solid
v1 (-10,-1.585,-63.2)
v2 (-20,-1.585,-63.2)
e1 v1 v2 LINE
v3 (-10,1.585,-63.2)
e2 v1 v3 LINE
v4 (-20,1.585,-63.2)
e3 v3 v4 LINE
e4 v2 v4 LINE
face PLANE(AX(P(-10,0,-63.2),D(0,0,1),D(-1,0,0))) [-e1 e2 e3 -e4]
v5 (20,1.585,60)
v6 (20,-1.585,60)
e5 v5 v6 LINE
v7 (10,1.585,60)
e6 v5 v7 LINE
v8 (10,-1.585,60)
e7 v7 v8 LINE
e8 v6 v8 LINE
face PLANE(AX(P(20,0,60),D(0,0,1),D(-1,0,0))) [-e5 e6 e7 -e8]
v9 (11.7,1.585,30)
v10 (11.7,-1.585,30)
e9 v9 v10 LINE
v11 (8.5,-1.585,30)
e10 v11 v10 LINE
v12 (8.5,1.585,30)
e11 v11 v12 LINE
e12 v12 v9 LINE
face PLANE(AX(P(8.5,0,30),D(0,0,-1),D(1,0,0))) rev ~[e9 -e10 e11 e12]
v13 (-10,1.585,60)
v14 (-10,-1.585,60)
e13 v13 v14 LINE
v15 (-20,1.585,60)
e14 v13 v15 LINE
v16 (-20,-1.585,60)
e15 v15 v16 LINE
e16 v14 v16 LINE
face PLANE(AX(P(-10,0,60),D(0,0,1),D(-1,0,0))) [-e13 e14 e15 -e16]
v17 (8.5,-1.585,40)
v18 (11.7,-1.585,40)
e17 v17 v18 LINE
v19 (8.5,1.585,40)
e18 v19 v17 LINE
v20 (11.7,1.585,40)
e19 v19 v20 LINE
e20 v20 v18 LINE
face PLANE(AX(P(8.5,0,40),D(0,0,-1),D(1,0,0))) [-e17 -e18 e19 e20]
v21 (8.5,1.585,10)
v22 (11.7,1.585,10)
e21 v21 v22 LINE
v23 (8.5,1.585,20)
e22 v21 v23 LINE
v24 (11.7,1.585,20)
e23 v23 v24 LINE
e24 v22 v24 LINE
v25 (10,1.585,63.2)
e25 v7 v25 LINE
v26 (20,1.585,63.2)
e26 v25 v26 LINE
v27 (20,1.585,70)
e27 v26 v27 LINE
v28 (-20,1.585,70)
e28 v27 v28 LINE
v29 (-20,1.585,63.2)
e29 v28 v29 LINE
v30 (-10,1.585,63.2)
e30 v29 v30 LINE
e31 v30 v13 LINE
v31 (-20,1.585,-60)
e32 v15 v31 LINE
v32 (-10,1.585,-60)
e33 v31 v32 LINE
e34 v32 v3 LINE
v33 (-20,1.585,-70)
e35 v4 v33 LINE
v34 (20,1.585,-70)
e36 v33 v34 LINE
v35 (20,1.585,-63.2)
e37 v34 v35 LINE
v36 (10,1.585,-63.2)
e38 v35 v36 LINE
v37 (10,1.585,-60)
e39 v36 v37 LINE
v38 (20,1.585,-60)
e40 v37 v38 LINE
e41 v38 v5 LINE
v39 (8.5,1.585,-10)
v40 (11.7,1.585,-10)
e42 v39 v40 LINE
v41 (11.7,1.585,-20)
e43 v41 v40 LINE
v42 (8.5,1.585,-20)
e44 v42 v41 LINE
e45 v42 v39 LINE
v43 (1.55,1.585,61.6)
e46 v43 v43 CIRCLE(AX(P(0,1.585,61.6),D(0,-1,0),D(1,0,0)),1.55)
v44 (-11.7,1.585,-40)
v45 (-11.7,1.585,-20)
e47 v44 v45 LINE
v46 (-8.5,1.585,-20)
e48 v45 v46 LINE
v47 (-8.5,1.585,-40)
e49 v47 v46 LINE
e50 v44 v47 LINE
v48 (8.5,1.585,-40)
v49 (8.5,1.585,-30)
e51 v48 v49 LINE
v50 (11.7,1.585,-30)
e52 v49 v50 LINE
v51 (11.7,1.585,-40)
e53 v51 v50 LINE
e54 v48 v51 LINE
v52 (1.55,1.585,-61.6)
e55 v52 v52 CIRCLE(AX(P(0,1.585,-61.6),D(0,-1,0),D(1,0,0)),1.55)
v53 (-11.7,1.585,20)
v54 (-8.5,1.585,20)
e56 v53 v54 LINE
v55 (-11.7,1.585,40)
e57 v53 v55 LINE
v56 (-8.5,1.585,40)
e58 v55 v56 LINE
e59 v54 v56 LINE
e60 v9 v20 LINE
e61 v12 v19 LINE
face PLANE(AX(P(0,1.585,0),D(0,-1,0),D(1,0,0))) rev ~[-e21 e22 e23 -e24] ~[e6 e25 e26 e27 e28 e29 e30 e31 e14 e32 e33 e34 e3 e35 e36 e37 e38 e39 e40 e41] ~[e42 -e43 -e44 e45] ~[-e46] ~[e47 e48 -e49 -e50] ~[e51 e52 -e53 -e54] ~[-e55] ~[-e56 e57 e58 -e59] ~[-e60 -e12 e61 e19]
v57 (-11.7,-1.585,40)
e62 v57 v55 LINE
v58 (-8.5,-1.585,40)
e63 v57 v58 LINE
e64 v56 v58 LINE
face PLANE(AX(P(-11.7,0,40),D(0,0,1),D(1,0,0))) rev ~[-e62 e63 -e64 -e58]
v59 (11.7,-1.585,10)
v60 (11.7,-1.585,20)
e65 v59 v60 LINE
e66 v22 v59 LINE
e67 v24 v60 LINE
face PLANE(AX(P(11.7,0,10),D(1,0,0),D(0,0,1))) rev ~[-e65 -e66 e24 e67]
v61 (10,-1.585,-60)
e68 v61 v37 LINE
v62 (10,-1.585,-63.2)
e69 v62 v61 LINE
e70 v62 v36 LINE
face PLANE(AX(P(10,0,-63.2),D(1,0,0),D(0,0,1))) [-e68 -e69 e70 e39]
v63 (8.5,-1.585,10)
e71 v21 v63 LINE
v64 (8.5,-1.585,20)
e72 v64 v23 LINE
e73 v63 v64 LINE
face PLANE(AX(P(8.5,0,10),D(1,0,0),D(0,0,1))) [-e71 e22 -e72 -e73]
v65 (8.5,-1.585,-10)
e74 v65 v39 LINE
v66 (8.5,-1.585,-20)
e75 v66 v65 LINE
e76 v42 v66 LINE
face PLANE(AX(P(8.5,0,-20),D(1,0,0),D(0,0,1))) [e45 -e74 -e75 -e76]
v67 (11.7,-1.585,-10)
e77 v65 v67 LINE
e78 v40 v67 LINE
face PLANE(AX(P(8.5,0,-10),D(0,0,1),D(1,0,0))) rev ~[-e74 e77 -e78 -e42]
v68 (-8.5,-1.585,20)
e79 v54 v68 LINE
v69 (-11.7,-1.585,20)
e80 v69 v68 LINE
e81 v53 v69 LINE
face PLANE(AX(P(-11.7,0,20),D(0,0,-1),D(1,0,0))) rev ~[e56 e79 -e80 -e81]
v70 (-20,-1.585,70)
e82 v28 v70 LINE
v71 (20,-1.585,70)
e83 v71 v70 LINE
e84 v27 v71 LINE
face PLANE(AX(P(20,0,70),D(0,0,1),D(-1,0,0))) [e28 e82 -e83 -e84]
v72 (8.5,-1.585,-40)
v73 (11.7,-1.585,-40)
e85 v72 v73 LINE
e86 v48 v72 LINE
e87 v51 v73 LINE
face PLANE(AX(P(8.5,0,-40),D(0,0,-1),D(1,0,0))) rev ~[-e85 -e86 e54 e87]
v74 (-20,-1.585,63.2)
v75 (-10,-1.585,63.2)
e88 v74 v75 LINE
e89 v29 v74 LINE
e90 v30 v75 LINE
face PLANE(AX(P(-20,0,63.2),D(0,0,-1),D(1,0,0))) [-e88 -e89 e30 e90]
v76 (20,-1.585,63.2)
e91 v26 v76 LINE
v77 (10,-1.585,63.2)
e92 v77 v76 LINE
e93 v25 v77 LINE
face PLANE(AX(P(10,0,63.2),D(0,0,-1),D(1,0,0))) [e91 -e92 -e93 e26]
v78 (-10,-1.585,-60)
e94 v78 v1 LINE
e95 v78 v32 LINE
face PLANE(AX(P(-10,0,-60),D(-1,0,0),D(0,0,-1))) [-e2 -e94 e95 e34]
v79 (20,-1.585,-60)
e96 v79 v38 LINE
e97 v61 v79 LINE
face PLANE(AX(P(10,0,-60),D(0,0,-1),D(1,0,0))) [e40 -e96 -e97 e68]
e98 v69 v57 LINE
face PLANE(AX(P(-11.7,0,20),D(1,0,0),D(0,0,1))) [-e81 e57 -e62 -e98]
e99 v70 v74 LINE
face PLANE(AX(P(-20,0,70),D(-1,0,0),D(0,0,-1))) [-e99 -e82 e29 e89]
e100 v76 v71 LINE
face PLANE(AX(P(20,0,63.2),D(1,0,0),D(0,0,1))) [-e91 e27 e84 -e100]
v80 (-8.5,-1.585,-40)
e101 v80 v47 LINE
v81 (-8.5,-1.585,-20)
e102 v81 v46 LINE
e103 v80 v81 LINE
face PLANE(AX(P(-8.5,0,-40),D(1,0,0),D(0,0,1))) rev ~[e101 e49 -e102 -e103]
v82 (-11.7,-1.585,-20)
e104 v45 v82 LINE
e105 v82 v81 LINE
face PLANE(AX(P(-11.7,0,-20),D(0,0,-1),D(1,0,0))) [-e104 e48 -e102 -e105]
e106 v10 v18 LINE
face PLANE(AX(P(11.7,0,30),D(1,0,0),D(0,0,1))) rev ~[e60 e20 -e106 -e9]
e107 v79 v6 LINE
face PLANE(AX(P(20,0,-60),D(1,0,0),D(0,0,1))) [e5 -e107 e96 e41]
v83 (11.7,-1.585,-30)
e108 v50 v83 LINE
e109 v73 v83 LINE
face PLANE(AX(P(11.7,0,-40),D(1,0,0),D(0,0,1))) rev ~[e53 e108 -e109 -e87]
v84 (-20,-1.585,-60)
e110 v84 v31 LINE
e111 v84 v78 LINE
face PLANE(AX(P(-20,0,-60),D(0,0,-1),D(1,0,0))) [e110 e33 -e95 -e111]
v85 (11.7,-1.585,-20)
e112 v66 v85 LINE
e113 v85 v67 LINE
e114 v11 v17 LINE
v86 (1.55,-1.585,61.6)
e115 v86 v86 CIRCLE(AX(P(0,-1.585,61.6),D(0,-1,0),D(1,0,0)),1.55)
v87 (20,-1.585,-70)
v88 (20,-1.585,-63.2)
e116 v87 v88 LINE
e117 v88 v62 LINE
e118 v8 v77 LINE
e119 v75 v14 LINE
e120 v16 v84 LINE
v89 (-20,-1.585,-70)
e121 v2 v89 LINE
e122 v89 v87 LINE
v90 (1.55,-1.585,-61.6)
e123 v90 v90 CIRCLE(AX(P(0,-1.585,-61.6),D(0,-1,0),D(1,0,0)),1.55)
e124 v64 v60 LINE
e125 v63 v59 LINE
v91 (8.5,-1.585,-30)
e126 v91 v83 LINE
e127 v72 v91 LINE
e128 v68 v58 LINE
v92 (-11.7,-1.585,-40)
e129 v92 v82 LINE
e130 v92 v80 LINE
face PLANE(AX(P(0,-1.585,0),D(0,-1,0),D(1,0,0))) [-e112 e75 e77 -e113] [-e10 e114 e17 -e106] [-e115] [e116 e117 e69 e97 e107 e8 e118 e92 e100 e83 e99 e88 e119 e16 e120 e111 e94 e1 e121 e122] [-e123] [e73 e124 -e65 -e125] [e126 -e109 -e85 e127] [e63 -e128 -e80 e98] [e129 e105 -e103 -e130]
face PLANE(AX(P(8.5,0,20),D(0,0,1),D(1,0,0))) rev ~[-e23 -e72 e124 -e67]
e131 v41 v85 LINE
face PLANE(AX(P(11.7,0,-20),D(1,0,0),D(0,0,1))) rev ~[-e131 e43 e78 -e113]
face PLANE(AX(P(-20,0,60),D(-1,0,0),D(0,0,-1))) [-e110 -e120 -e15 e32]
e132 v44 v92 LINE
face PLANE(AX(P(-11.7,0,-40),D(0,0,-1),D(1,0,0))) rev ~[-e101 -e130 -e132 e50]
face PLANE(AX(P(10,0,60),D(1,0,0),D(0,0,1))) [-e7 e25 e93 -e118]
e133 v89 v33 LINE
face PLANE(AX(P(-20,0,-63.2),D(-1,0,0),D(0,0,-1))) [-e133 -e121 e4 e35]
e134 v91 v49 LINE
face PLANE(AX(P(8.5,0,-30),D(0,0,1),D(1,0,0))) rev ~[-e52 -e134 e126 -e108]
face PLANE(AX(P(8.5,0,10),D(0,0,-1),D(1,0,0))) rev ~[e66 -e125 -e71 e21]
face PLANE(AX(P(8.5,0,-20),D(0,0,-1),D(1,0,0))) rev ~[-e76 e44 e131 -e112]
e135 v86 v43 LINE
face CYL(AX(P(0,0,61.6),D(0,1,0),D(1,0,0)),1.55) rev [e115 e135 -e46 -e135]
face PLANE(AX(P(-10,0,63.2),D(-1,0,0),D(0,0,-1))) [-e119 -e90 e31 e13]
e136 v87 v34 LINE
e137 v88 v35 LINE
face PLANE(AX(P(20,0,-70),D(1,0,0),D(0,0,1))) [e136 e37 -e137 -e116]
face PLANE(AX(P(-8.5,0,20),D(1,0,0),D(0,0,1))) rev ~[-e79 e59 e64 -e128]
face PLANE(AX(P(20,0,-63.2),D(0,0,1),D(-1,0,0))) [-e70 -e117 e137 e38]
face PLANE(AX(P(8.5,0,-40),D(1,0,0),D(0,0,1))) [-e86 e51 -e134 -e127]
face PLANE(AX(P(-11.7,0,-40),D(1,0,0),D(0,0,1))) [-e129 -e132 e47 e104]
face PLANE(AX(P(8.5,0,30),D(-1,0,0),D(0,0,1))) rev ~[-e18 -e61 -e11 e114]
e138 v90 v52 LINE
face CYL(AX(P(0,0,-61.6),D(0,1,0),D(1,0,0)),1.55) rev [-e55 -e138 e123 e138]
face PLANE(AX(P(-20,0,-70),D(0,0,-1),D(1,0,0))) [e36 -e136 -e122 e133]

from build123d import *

# Parameters (mm, degrees)
F0_W     = 3.2
F0_H     = 20
F0_R     = 1.55
F0_H_2   = 10
F1_DEPTH = 1.585


with BuildPart() as f1:
    # F0 (on Front) → F1 (new body, symmetric)
    with BuildSketch(Plane.XZ):
        Polygon((20, -60), (20, 0), (20, 60), (10, 60), (10, 63.2), (20, 63.2), (20, 70), (0, 70), (-20, 70), (-20, 63.2), (-10, 63.2), (-10, 60), (-20, 60), (-20, 0), (-20, -60), (-10, -60), (-10, -63.2), (-20, -63.2), (-20, -70), (0, -70), (20, -70), (20, -63.2), (10, -63.2), (10, -60), align=None)
        with Locations((-10.1, -30)):
            Rectangle(F0_W, F0_H, mode=Mode.SUBTRACT)
        with Locations((0, -61.6)):
            Circle(F0_R, mode=Mode.SUBTRACT)
        with Locations((10.1, -35)):
            Rectangle(F0_W, F0_H_2, mode=Mode.SUBTRACT)
        with Locations((10.1, -15)):
            Rectangle(F0_W, F0_H_2, mode=Mode.SUBTRACT)
        with Locations((-10.1, 30)):
            Rectangle(F0_W, F0_H, mode=Mode.SUBTRACT)
        with Locations((10.1, 15)):
            Rectangle(F0_W, F0_H_2, mode=Mode.SUBTRACT)
        with Locations((0, 61.6)):
            Circle(F0_R, mode=Mode.SUBTRACT)
        with Locations((10.1, 35)):
            Rectangle(F0_W, F0_H_2, mode=Mode.SUBTRACT)
    extrude(amount=F1_DEPTH, both=True)


solid = f1.part
